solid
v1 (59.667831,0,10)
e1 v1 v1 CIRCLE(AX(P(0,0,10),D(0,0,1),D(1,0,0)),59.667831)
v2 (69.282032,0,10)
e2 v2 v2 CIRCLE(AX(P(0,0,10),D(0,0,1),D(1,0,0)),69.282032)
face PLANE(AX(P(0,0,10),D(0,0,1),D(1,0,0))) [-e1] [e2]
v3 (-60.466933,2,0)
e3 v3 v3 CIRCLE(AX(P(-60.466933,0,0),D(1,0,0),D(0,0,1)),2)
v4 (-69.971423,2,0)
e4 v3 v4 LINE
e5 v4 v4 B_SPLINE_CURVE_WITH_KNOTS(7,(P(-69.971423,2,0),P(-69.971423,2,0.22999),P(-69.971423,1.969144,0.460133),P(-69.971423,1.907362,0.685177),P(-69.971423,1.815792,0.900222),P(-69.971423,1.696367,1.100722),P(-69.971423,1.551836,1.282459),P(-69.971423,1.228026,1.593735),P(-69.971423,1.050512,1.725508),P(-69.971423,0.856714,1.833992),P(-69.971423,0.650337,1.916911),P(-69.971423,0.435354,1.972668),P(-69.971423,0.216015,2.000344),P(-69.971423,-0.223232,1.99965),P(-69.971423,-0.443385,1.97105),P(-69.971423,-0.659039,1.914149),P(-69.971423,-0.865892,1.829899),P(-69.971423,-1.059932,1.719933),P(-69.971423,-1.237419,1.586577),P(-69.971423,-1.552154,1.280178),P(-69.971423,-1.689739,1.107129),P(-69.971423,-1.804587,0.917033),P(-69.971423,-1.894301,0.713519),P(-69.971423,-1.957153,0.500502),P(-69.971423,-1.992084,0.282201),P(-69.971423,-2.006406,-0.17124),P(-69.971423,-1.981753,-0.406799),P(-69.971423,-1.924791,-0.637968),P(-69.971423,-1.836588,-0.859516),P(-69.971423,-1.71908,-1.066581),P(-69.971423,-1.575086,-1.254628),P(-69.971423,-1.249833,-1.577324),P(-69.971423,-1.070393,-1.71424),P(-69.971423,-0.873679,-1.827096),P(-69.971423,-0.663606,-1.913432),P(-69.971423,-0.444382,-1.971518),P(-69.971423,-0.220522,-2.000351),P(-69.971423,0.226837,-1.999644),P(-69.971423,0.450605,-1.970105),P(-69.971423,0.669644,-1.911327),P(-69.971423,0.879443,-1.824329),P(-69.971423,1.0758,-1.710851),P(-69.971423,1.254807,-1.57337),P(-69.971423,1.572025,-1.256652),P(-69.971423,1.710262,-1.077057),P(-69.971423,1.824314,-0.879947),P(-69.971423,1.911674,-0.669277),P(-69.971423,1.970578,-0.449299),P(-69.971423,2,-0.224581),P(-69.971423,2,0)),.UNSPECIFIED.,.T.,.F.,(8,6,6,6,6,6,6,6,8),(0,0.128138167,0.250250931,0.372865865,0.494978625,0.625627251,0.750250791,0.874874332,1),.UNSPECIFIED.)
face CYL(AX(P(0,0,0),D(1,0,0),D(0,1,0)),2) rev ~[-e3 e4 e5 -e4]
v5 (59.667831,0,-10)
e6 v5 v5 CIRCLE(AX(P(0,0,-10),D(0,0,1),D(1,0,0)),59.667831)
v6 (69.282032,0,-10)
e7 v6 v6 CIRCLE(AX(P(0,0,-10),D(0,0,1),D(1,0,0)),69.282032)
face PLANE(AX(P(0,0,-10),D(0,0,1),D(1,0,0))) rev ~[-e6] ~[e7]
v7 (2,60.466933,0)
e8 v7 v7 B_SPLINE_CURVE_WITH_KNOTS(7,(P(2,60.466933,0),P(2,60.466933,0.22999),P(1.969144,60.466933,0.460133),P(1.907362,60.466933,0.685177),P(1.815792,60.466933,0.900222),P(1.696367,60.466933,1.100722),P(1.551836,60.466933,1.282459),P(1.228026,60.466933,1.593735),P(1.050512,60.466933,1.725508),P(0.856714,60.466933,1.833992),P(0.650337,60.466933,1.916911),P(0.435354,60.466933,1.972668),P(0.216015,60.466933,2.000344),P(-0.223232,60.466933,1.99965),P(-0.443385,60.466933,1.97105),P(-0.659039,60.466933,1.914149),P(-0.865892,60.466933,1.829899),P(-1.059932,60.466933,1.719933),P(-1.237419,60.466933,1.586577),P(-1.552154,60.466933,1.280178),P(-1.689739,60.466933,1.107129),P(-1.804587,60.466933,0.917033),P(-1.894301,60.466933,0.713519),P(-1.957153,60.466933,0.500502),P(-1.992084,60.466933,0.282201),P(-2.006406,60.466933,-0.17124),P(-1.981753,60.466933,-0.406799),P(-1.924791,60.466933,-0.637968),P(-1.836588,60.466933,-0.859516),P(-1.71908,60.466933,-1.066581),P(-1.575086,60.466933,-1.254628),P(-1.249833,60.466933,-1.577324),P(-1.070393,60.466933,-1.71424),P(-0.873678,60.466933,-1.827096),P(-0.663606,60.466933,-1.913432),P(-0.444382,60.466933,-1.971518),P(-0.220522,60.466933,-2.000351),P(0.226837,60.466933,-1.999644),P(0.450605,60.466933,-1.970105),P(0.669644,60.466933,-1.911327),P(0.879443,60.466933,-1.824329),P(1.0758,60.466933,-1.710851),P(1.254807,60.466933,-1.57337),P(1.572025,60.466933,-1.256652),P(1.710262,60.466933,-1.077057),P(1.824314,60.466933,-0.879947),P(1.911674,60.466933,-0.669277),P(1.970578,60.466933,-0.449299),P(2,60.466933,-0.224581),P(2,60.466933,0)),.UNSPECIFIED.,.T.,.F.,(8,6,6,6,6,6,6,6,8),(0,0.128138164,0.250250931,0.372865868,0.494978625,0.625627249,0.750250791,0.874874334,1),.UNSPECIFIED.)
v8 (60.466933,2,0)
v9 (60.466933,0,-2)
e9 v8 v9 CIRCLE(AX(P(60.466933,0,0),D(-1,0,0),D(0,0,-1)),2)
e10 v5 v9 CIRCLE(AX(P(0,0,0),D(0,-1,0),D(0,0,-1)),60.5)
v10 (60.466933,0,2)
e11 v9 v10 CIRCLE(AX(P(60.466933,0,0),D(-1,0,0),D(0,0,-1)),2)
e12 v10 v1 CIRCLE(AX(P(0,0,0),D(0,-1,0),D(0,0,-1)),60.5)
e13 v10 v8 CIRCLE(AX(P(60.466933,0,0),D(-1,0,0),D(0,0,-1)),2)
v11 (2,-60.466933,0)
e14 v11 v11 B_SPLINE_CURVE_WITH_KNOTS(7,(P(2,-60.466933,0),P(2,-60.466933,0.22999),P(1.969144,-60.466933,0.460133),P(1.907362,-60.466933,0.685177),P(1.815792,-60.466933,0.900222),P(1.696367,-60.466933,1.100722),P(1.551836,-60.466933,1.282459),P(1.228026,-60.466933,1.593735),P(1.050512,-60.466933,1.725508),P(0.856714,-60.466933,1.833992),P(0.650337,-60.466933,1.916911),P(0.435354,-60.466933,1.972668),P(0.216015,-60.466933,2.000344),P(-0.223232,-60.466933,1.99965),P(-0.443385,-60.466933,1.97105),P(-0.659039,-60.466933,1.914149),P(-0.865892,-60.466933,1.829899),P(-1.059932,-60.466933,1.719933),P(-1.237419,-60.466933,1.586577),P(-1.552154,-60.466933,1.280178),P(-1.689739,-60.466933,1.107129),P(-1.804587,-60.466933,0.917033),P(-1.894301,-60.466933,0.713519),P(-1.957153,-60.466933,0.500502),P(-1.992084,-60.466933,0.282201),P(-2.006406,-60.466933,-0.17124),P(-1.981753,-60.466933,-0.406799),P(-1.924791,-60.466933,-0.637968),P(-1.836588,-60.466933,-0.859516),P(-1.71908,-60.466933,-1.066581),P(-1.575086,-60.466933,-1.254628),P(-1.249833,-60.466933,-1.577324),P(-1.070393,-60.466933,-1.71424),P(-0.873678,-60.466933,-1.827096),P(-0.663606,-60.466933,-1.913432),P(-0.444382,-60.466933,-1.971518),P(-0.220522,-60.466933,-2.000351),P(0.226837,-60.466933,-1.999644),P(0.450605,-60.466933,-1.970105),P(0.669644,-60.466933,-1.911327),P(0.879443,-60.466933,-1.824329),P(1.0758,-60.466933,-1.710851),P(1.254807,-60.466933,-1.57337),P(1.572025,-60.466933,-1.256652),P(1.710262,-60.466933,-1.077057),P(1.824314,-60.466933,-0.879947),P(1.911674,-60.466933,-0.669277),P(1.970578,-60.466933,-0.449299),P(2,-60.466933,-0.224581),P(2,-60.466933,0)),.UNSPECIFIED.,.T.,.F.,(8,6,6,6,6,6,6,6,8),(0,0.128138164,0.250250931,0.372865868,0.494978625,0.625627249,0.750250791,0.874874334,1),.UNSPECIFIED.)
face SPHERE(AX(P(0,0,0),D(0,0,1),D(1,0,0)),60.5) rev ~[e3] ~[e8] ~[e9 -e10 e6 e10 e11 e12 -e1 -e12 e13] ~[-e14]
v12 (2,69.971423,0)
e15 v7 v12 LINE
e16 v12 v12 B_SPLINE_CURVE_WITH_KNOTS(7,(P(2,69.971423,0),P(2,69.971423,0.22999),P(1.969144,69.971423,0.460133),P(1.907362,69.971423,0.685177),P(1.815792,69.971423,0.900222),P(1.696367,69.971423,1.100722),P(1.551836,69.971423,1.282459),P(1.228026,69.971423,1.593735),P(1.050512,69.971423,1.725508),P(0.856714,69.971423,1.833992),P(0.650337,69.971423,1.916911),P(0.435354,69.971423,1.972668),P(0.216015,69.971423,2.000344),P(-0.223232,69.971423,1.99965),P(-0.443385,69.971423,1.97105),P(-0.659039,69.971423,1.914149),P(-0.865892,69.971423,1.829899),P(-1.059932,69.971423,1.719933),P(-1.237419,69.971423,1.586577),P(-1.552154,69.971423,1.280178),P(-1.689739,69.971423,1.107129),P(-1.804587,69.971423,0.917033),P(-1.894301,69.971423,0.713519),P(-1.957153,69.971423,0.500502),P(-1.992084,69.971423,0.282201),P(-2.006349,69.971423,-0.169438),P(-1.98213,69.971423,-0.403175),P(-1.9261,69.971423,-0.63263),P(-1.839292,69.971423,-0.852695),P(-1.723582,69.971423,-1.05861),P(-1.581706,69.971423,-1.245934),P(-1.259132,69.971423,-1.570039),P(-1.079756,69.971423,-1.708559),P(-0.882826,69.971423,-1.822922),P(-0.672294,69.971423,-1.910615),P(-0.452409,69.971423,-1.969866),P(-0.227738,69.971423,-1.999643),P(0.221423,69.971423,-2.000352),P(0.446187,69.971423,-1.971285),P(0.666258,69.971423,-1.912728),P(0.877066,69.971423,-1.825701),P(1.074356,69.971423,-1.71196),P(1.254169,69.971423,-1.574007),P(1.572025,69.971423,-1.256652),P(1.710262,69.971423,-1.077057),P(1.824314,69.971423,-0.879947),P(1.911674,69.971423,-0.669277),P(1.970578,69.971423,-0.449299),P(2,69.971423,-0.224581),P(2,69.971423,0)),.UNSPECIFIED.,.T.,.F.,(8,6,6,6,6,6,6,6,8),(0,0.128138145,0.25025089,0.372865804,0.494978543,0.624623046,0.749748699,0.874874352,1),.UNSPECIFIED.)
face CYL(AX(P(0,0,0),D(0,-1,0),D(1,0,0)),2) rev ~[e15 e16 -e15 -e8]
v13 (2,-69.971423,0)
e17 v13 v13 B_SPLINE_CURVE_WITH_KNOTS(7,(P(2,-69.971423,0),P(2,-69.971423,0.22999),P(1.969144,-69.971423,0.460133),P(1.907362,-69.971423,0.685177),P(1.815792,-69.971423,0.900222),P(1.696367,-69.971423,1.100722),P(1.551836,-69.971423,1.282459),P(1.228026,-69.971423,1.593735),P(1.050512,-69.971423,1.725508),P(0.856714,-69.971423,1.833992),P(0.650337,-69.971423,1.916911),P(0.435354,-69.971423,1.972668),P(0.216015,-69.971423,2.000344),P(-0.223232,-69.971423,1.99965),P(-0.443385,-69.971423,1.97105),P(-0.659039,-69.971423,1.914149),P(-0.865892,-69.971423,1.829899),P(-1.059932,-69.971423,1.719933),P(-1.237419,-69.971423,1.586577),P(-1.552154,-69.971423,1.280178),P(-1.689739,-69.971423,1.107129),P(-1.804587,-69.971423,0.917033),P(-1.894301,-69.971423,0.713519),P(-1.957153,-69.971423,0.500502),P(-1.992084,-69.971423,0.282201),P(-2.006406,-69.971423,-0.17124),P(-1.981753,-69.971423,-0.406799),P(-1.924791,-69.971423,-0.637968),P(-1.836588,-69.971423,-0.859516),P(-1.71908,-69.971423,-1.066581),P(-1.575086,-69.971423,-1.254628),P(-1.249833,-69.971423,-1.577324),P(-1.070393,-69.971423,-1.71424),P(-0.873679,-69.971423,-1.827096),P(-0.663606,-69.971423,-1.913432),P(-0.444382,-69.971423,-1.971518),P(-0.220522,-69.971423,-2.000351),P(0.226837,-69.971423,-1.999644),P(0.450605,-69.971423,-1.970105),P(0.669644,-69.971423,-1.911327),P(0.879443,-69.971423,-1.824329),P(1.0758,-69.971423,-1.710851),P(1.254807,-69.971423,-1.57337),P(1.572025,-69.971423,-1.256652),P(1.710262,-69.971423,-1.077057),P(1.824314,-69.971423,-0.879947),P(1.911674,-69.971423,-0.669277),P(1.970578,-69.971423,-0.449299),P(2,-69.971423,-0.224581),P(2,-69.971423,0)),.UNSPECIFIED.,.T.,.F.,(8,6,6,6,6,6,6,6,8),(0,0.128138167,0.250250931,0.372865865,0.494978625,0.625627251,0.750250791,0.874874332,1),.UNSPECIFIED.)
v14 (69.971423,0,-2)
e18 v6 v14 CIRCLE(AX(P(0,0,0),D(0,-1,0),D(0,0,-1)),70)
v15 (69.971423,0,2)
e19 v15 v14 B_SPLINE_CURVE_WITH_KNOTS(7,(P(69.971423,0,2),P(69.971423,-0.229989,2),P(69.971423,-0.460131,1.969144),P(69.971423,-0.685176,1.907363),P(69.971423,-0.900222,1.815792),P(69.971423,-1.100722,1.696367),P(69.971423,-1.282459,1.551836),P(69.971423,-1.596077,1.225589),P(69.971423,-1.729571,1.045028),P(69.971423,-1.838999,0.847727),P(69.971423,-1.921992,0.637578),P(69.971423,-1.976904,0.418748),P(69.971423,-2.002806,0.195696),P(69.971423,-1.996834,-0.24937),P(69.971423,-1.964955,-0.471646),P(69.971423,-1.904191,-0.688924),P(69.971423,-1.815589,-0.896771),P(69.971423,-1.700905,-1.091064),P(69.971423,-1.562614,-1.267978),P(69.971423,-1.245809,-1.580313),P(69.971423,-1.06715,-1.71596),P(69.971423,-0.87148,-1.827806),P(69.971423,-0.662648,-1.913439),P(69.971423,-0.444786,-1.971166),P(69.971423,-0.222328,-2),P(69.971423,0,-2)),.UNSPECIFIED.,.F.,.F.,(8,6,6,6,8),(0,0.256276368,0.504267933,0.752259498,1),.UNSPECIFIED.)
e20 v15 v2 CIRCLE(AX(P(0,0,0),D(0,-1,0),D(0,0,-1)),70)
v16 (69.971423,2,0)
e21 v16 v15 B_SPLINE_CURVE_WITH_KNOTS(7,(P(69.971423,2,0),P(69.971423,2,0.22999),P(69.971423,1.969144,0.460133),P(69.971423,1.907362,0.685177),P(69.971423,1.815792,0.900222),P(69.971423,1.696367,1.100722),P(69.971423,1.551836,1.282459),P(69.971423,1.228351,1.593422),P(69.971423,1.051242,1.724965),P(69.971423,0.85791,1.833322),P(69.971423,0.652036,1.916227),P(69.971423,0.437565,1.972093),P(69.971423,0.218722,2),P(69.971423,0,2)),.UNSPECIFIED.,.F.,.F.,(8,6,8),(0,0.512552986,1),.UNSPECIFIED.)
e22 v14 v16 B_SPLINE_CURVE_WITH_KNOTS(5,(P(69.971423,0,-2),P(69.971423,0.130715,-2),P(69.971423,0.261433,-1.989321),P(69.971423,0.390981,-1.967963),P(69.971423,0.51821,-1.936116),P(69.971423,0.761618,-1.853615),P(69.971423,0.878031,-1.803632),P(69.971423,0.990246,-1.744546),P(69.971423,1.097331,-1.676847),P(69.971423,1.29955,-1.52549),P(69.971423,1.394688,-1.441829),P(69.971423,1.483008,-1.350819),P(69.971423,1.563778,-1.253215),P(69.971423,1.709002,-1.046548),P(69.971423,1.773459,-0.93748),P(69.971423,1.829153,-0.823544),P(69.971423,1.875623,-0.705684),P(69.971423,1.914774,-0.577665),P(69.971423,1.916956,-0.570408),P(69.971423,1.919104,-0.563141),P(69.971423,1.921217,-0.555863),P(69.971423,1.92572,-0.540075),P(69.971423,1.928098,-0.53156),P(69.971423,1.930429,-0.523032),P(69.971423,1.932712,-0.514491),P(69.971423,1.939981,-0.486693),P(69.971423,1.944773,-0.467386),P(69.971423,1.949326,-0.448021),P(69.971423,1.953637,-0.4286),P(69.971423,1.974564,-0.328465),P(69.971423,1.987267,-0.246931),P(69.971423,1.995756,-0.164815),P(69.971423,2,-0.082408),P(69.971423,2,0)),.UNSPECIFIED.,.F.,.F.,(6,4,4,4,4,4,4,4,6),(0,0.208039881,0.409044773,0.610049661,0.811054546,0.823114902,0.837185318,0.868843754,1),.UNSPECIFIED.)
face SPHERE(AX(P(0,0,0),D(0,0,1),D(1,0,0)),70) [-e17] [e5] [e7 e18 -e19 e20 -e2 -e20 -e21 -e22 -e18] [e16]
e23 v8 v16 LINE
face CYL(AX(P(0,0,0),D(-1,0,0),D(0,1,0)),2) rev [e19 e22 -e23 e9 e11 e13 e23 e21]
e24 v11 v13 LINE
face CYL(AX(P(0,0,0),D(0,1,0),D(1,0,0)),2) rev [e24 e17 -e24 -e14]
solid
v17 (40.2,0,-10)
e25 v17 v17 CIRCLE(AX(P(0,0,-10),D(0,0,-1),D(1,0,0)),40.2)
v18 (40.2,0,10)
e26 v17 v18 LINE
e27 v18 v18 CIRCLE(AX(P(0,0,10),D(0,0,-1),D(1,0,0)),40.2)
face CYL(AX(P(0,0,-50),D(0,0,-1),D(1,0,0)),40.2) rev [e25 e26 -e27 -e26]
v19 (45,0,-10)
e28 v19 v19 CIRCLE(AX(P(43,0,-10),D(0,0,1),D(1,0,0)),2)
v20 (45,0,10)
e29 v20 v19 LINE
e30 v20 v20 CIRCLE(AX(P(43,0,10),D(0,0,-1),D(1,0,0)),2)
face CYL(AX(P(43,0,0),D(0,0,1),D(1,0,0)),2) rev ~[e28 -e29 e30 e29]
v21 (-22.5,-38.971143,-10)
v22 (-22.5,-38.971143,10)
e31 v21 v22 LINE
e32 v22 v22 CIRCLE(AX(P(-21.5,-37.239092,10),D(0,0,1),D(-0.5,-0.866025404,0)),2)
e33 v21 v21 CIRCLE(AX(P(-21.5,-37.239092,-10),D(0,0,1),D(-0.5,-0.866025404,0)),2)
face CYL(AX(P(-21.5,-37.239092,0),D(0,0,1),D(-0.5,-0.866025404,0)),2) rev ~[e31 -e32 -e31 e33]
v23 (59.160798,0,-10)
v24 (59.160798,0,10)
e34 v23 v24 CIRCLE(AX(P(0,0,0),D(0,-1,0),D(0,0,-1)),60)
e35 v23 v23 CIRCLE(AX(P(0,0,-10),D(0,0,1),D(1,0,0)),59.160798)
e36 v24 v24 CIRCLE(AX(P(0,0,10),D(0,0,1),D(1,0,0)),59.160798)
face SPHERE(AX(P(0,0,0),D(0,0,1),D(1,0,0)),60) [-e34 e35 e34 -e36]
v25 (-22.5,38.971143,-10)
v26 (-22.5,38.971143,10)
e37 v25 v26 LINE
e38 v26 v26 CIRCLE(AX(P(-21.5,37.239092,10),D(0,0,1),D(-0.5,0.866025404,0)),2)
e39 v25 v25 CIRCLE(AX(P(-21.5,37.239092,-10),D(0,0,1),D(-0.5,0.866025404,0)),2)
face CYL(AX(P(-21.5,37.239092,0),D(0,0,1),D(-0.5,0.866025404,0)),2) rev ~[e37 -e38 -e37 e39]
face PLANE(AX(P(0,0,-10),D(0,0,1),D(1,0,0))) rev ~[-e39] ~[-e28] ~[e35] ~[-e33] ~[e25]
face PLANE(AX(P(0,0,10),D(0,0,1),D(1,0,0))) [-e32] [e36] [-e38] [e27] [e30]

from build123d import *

# Parameters (mm, degrees)
BOX003_W             = 150
BOX003_H             = 150
BOX003_DEPTH         = 75
BOX002_W             = 150
BOX002_H             = 150
BOX002_DEPTH         = 75
SKETCH001_R          = 2
POCKET001_DEPTH      = 70.001
POCKET001_DEPTH_BACK = 70.001
SKETCH002_R          = 2
POCKET002_DEPTH      = 70.001
POCKET002_DEPTH_BACK = 70.001
BOX001_W             = 150
BOX001_H             = 150
BOX001_DEPTH         = 75
BOX_W                = 150
BOX_H                = 150
BOX_DEPTH            = 75
CYLINDER_R           = 40.2
CYLINDER_DEPTH       = 100
SKETCH_R             = 2
POCKET_DEPTH         = 351.76115
POCKET_DEPTH_BACK    = 351.76115
POLARPATTERN_COUNT   = 3


with BuildPart() as d_coupe_inf_rieure:
    # Box003 → Box003 (new body)
    with BuildSketch(Plane(origin=(-75, -75, -85), x_dir=(1, 0, 0), z_dir=(0, 0, 1))):
        with Locations((75, 75)):
            Rectangle(BOX003_W, BOX003_H)
    extrude(amount=BOX003_DEPTH)


with BuildPart() as d_coupe_sup_rieure:
    # Box002 → Box002 (new body)
    with BuildSketch(Plane(origin=(-75, -75, 10), x_dir=(1, 0, 0), z_dir=(0, 0, 1))):
        with Locations((75, 75)):
            Rectangle(BOX002_W, BOX002_H)
    extrude(amount=BOX002_DEPTH)


with BuildPart() as trou001:
    # Sphere002 → Sphere002 (revolve)
    with BuildSketch(Plane.XZ):
        with BuildLine():
            ThreePointArc((0, -60.5), (60.5, 0), (0, 60.5))
            Line((0, 60.5), (0, -60.5))
        make_face()
    revolve(axis=Axis((0, 0, 0), (0, 0, 1)))


with BuildPart() as corps:
    # Sphere001 → Sphere001 (revolve)
    with BuildSketch(Plane.XZ):
        with BuildLine():
            ThreePointArc((0, -70), (70, 0), (0, 70))
            Line((0, 70), (0, -70))
        make_face()
    revolve(axis=Axis((0, 0, 0), (0, 0, 1)))

    # Cut003: cut Trou001
    add(trou001.part, mode=Mode.SUBTRACT)

    # Cut004: cut Découpe supérieure
    add(d_coupe_sup_rieure.part, mode=Mode.SUBTRACT)

    # Cut005: cut Découpe inférieure
    add(d_coupe_inf_rieure.part, mode=Mode.SUBTRACT)

    # Sketch001 → Pocket001 (cut, two sides)
    with BuildSketch(Plane.YZ) as pocket001_sk:
        Circle(SKETCH001_R)
    extrude(amount=-POCKET001_DEPTH, mode=Mode.SUBTRACT)
    extrude(pocket001_sk.sketch, amount=POCKET001_DEPTH_BACK, mode=Mode.SUBTRACT)

    # Sketch002 → Pocket002 (cut, two sides)
    with BuildSketch(Plane.XZ) as pocket002_sk:
        Circle(SKETCH002_R)
    extrude(amount=-POCKET002_DEPTH, mode=Mode.SUBTRACT)
    extrude(pocket002_sk.sketch, amount=POCKET002_DEPTH_BACK, mode=Mode.SUBTRACT)


with BuildPart() as d_coupe_basse:
    # Box001 → Box001 (new body)
    with BuildSketch(Plane(origin=(-75, -75, -85), x_dir=(1, 0, 0), z_dir=(0, 0, 1))):
        with Locations((75, 75)):
            Rectangle(BOX001_W, BOX001_H)
    extrude(amount=BOX001_DEPTH)


with BuildPart() as d_coupe_haute:
    # Box → Box (new body)
    with BuildSketch(Plane(origin=(-75, -75, 10), x_dir=(1, 0, 0), z_dir=(0, 0, 1))):
        with Locations((75, 75)):
            Rectangle(BOX_W, BOX_H)
    extrude(amount=BOX_DEPTH)


with BuildPart() as trou:
    # Cylinder → Cylinder (new body)
    with BuildSketch(Plane.XY.offset(-50)):
        Circle(CYLINDER_R)
    extrude(amount=CYLINDER_DEPTH)


with BuildPart() as corps001:
    # Sphere → Sphere (revolve)
    with BuildSketch(Plane.XZ):
        with BuildLine():
            ThreePointArc((0, -60), (60, 0), (0, 60))
            Line((0, 60), (0, -60))
        make_face()
    revolve(axis=Axis((0, 0, 0), (0, 0, 1)))

    # Cut: cut Trou
    add(trou.part, mode=Mode.SUBTRACT)

    # Cut001: cut Découpe haute
    add(d_coupe_haute.part, mode=Mode.SUBTRACT)

    # Cut002: cut Découpe basse
    add(d_coupe_basse.part, mode=Mode.SUBTRACT)

    # Sketch → Pocket (cut, two sides)
    with BuildSketch(Plane(origin=(43, 0, 0), x_dir=(1, 0, 0), z_dir=(0, 0, 1))) as pocket_sk:
        Circle(SKETCH_R)
    pocket = extrude(amount=-POCKET_DEPTH, mode=Mode.SUBTRACT) + extrude(pocket_sk.sketch, amount=POCKET_DEPTH_BACK, mode=Mode.SUBTRACT)

    # PolarPattern: Pocket ×3 about axis
    polarpattern_axis = Axis((0, 0, 0), (0, 0, 1))
    for i in range(1, POLARPATTERN_COUNT):
        add(pocket.rotate(polarpattern_axis, i * 360 / POLARPATTERN_COUNT), mode=Mode.SUBTRACT)


solid = Compound([corps.part, corps001.part])
